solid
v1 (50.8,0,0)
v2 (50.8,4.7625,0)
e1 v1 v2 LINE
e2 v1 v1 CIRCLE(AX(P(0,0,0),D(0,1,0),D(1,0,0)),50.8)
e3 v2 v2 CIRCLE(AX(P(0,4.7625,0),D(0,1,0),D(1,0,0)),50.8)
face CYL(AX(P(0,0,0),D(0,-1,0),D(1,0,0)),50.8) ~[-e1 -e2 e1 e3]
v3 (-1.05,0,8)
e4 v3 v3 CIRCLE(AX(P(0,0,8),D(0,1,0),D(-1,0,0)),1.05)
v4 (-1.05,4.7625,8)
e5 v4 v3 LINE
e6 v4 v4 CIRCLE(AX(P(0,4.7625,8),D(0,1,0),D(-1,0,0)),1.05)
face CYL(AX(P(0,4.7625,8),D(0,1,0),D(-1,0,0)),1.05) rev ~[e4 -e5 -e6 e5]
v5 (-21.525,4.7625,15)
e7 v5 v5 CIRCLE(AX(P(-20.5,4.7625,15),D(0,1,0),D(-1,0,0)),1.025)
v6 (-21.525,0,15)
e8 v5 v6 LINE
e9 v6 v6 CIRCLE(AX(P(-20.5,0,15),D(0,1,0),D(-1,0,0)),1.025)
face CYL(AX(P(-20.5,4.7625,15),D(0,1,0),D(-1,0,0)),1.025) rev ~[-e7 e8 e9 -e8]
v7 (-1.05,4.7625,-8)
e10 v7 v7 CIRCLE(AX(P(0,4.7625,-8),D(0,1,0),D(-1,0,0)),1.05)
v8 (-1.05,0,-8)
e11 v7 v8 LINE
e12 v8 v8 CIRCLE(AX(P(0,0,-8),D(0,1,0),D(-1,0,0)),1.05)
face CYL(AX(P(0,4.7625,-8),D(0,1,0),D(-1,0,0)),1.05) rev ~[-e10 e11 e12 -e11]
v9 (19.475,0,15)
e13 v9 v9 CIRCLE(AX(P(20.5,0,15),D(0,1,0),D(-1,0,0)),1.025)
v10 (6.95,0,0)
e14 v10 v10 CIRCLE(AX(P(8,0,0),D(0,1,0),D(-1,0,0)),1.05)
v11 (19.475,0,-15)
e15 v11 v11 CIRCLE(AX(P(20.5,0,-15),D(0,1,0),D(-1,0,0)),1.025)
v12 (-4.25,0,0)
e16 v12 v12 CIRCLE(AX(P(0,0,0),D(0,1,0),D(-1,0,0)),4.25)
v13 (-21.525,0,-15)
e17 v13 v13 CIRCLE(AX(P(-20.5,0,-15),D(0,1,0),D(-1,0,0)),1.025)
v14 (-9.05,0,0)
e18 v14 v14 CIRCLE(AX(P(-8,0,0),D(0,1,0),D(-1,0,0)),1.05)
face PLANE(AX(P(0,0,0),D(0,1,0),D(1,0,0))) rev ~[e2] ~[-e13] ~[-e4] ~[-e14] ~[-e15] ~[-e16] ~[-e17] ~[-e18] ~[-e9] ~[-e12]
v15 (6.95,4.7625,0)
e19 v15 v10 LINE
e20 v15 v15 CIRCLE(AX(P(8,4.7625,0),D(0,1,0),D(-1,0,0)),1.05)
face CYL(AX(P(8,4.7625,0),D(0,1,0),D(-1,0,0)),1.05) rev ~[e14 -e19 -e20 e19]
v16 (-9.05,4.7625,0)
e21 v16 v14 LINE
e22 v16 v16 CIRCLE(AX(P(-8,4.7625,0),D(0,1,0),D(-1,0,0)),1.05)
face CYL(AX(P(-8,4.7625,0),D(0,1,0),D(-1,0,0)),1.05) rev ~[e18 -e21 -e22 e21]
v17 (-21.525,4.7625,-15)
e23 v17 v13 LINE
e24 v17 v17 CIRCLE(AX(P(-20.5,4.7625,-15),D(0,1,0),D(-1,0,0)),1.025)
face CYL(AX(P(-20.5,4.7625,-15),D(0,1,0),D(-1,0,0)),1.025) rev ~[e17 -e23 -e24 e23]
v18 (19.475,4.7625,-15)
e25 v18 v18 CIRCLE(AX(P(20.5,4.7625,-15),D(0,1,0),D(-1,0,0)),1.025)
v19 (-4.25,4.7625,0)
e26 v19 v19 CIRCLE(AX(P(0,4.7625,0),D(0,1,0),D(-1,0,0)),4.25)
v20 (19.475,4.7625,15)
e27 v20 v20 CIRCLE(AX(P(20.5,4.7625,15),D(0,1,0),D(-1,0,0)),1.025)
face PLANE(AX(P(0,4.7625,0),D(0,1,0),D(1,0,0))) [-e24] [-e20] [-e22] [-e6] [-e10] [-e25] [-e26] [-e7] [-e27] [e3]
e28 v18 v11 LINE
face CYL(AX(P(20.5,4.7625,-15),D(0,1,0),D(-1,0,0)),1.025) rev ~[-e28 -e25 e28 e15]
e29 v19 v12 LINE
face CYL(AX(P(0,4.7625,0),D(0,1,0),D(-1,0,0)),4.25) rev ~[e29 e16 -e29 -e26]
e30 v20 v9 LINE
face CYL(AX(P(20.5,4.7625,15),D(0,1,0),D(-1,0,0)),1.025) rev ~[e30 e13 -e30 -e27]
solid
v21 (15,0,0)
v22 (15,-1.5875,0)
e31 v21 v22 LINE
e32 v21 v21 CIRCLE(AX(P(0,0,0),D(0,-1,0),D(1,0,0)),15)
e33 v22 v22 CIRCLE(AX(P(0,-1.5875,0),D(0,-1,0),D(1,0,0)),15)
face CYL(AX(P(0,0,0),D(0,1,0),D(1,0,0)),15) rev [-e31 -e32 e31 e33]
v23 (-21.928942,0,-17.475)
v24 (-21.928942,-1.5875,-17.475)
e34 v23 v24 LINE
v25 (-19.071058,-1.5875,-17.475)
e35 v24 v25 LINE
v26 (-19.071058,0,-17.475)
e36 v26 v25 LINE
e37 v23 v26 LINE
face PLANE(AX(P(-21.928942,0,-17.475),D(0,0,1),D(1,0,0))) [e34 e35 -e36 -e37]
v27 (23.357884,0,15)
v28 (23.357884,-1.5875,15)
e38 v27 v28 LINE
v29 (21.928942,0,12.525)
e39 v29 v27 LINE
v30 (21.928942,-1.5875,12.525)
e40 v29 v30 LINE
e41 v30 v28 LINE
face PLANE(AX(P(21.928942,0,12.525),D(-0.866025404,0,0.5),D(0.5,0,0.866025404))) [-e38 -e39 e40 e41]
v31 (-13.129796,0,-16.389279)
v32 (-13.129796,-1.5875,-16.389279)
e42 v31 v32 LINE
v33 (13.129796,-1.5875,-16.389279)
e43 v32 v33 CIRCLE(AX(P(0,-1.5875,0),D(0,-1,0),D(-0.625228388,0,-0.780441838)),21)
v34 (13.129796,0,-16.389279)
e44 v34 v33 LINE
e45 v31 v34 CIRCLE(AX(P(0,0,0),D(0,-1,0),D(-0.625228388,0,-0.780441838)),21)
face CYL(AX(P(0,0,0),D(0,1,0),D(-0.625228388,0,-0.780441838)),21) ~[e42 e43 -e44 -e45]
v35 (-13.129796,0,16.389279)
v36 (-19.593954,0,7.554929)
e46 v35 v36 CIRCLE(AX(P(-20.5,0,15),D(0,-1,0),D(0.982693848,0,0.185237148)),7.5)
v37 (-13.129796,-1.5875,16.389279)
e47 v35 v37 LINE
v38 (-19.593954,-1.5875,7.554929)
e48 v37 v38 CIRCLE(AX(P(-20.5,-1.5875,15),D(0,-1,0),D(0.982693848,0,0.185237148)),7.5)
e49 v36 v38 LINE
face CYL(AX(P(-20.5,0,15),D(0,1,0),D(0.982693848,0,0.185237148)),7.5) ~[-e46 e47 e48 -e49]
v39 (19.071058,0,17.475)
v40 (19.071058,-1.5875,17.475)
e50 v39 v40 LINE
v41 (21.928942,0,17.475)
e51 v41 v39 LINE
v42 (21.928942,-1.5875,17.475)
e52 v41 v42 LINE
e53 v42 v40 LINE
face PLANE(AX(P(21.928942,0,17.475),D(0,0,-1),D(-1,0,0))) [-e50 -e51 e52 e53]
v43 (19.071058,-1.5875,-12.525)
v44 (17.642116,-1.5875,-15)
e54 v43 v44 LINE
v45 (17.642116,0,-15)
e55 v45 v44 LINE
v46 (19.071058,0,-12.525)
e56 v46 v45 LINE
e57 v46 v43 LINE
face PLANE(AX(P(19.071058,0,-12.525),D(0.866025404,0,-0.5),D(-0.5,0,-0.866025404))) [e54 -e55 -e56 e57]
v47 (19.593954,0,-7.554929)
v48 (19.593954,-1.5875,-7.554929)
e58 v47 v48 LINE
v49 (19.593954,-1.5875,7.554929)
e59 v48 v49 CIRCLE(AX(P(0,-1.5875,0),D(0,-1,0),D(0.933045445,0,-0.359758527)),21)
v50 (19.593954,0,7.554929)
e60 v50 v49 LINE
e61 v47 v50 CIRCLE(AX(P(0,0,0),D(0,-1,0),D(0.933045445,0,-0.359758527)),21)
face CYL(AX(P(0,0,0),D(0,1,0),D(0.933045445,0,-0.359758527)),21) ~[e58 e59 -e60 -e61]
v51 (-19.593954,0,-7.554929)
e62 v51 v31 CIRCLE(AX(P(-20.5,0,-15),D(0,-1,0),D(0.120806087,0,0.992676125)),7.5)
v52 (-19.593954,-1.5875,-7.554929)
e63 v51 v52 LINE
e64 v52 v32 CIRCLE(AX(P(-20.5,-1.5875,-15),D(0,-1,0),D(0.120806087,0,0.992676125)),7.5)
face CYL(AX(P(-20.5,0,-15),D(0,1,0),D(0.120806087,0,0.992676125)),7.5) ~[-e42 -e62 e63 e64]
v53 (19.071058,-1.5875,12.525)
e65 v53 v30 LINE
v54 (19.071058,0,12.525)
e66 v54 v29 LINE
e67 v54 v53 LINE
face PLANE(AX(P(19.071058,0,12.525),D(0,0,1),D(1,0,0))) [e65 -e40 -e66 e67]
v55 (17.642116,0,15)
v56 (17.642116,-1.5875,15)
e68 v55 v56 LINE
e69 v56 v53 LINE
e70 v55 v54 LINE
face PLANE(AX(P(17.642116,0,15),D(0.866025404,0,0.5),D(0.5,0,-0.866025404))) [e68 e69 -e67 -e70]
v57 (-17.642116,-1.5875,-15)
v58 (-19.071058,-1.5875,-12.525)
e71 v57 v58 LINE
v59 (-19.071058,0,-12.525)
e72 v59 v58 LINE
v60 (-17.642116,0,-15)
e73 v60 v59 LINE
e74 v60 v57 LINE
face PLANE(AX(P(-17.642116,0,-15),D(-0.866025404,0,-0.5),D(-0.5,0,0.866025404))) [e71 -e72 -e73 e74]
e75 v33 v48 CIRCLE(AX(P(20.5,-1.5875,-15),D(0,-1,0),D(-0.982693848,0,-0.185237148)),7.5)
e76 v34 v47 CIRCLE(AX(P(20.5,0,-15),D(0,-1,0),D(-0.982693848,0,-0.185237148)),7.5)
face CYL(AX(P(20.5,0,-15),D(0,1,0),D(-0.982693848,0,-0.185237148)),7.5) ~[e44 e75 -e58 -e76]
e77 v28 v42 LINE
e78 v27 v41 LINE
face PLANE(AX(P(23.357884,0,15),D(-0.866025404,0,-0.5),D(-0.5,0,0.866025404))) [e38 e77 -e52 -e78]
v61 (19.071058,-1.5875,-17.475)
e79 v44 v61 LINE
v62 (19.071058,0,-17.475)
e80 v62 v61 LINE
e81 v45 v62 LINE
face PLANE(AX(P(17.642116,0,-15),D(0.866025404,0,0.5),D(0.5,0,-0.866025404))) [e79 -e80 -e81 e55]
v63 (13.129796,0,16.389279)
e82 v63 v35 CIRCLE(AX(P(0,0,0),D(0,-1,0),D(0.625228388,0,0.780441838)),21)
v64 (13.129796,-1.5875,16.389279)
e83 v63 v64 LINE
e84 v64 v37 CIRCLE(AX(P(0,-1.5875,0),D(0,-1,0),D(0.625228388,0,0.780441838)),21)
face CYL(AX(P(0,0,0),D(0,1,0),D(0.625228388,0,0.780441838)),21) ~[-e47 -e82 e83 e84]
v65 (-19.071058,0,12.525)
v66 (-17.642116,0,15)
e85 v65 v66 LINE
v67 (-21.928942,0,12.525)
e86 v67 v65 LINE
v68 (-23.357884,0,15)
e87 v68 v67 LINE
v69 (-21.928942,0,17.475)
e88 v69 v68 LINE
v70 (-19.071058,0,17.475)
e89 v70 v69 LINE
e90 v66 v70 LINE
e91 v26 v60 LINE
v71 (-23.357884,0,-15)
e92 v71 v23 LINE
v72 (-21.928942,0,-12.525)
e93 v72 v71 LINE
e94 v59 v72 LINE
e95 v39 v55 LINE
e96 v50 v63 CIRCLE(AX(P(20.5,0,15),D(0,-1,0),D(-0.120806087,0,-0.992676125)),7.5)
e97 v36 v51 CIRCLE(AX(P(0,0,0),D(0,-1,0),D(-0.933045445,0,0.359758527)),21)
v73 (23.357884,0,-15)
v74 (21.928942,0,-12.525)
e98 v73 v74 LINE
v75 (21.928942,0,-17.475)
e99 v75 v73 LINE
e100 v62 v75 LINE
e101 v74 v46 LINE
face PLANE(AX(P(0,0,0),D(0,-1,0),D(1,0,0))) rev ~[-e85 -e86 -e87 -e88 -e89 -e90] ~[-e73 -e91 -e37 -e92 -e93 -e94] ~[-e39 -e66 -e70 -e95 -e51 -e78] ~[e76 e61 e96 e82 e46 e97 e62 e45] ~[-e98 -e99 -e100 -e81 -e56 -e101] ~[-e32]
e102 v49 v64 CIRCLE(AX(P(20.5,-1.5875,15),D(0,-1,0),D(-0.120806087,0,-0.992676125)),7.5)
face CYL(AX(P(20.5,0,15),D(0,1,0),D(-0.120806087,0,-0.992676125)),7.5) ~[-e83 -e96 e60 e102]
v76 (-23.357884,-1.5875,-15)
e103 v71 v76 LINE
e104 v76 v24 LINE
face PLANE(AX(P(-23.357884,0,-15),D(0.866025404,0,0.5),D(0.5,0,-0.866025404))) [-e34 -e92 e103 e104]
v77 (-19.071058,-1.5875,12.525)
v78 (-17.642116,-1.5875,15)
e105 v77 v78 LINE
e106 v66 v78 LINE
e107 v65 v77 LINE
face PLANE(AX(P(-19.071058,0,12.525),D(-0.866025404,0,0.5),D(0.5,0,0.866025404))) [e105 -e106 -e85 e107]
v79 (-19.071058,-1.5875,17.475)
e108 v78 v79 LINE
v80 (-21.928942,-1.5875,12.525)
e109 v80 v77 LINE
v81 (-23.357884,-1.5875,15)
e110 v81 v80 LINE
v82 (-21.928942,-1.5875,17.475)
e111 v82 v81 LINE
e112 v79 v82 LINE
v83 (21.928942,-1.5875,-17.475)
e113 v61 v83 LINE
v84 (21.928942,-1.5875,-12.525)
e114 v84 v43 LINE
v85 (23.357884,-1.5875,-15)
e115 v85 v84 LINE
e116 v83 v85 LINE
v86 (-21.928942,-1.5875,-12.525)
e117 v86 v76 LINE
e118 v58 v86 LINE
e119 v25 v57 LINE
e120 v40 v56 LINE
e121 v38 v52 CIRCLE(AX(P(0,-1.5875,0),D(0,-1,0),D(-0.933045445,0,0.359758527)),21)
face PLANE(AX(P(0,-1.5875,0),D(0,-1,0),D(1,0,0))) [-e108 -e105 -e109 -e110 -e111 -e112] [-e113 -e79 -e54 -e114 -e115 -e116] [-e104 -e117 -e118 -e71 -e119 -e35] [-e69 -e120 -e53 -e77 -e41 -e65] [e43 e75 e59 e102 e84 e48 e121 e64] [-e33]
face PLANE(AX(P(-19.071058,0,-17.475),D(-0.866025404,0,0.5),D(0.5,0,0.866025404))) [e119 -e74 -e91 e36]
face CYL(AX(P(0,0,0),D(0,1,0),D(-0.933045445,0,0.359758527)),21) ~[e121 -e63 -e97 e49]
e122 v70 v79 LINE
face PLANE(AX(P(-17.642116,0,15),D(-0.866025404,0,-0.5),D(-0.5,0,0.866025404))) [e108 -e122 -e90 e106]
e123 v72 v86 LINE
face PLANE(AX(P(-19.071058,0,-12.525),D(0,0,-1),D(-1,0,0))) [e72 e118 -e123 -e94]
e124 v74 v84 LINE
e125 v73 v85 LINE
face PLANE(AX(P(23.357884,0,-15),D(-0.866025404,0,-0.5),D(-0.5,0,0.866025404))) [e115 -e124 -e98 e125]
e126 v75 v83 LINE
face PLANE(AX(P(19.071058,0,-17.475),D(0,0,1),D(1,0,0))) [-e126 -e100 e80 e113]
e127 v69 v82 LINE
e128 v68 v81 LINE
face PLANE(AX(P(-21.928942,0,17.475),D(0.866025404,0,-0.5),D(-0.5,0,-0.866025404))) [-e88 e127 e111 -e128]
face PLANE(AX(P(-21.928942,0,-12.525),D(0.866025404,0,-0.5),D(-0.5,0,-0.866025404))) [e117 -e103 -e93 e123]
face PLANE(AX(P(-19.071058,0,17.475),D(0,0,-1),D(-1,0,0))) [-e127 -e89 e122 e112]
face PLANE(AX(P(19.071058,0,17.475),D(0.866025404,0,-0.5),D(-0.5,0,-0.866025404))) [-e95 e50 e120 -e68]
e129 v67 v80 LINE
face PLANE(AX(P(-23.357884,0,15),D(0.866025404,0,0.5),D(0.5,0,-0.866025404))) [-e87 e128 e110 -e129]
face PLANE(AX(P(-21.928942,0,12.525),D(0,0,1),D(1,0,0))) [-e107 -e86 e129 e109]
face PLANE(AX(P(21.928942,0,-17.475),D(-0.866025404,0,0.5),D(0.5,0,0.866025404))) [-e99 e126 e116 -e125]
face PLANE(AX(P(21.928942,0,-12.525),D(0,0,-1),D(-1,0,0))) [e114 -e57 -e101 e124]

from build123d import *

# Parameters (mm, degrees)
SKETCH1_R           = 50.8
BOSS_EXTRUDE1_DEPTH = 4.7625
SKETCH2_R           = 1.05
CUT_EXTRUDE1_DEPTH  = 5.7625
SKETCH3_R           = 4.25
CUT_EXTRUDE2_DEPTH  = 5.7625
SKETCH4_R           = 1.025
CUT_EXTRUDE3_DEPTH  = 5.7625
SKETCH6_R           = 15
BOSS_EXTRUDE2_DEPTH = 1.5875


with BuildPart() as part:
    # Sketch1 → Boss-Extrude1 (new body)
    with BuildSketch(Plane(origin=(0, 0, 0), x_dir=(1, 0, 0), z_dir=(0, 1, 0))):
        Circle(SKETCH1_R)
    extrude(amount=BOSS_EXTRUDE1_DEPTH)

    # Sketch2 → Cut-Extrude1 (cut, through all)
    with BuildSketch(Plane(origin=(0, 4.7625, 0), x_dir=(-1, 0, 0), z_dir=(0, 1, 0))):
        with Locations((0, 8)):
            Circle(SKETCH2_R)
        with Locations((-8, 0)):
            Circle(SKETCH2_R)
        with Locations((0, -8)):
            Circle(SKETCH2_R)
        with Locations((8, 0)):
            Circle(SKETCH2_R)
    extrude(amount=-CUT_EXTRUDE1_DEPTH, mode=Mode.SUBTRACT)

    # Sketch3 → Cut-Extrude2 (cut, through all)
    with BuildSketch(Plane(origin=(0, 4.7625, 0), x_dir=(-1, 0, 0), z_dir=(0, 1, 0))):
        Circle(SKETCH3_R)
    extrude(amount=-CUT_EXTRUDE2_DEPTH, mode=Mode.SUBTRACT)

    # Sketch4 → Cut-Extrude3 (cut, through all)
    with BuildSketch(Plane(origin=(0, 4.7625, 0), x_dir=(-1, 0, 0), z_dir=(0, 1, 0))):
        with Locations((-20.5, 15)):
            Circle(SKETCH4_R)
        with Locations((20.5, 15)):
            Circle(SKETCH4_R)
        with Locations((20.5, -15)):
            Circle(SKETCH4_R)
        with Locations((-20.5, -15)):
            Circle(SKETCH4_R)
    extrude(amount=-CUT_EXTRUDE3_DEPTH, mode=Mode.SUBTRACT)


with BuildPart() as body_2:
    # Sketch6 → Boss-Extrude2 (new body)
    with BuildSketch(Plane.XZ):
        with BuildLine():
            ThreePointArc((-13.129796139, 16.389278609), (-26.552727442, 19.428824958), (-19.593954345, 7.554929062))
            ThreePointArc((-19.593954345, 7.554929062), (-21, 0), (-19.593954345, -7.554929062))
            ThreePointArc((-19.593954345, -7.554929062), (-26.552727442, -19.428824958), (-13.129796139, -16.389278609))
            ThreePointArc((-13.129796139, -16.389278609), (0, -21), (13.129796139, -16.389278609))
            ThreePointArc((13.129796139, -16.389278609), (26.552727442, -19.428824958), (19.593954345, -7.554929062))
            ThreePointArc((19.593954345, -7.554929062), (21, 0), (19.593954345, 7.554929062))
            ThreePointArc((19.593954345, 7.554929062), (26.552727442, 19.428824958), (13.129796139, 16.389278609))
            ThreePointArc((13.129796139, 16.389278609), (0, 21), (-13.129796139, 16.389278609))
        make_face()
        Circle(SKETCH6_R, mode=Mode.SUBTRACT)
        Polygon((-17.642116168, 15), (-19.071058084, 17.475), (-21.928941916, 17.475), (-23.357883832, 15), (-21.928941916, 12.525), (-19.071058084, 12.525), align=None, mode=Mode.SUBTRACT)
        Polygon((21.928941916, 17.475), (19.071058084, 17.475), (17.642116168, 15), (19.071058084, 12.525), (21.928941916, 12.525), (23.357883832, 15), align=None, mode=Mode.SUBTRACT)
        Polygon((21.928941916, -12.525), (19.071058084, -12.525), (17.642116168, -15), (19.071058084, -17.475), (21.928941916, -17.475), (23.357883832, -15), align=None, mode=Mode.SUBTRACT)
        Polygon((-21.928941916, -12.525), (-23.357883832, -15), (-21.928941916, -17.475), (-19.071058084, -17.475), (-17.642116168, -15), (-19.071058084, -12.525), align=None, mode=Mode.SUBTRACT)
    extrude(amount=BOSS_EXTRUDE2_DEPTH)


solid = Compound([part.part, body_2.part])
